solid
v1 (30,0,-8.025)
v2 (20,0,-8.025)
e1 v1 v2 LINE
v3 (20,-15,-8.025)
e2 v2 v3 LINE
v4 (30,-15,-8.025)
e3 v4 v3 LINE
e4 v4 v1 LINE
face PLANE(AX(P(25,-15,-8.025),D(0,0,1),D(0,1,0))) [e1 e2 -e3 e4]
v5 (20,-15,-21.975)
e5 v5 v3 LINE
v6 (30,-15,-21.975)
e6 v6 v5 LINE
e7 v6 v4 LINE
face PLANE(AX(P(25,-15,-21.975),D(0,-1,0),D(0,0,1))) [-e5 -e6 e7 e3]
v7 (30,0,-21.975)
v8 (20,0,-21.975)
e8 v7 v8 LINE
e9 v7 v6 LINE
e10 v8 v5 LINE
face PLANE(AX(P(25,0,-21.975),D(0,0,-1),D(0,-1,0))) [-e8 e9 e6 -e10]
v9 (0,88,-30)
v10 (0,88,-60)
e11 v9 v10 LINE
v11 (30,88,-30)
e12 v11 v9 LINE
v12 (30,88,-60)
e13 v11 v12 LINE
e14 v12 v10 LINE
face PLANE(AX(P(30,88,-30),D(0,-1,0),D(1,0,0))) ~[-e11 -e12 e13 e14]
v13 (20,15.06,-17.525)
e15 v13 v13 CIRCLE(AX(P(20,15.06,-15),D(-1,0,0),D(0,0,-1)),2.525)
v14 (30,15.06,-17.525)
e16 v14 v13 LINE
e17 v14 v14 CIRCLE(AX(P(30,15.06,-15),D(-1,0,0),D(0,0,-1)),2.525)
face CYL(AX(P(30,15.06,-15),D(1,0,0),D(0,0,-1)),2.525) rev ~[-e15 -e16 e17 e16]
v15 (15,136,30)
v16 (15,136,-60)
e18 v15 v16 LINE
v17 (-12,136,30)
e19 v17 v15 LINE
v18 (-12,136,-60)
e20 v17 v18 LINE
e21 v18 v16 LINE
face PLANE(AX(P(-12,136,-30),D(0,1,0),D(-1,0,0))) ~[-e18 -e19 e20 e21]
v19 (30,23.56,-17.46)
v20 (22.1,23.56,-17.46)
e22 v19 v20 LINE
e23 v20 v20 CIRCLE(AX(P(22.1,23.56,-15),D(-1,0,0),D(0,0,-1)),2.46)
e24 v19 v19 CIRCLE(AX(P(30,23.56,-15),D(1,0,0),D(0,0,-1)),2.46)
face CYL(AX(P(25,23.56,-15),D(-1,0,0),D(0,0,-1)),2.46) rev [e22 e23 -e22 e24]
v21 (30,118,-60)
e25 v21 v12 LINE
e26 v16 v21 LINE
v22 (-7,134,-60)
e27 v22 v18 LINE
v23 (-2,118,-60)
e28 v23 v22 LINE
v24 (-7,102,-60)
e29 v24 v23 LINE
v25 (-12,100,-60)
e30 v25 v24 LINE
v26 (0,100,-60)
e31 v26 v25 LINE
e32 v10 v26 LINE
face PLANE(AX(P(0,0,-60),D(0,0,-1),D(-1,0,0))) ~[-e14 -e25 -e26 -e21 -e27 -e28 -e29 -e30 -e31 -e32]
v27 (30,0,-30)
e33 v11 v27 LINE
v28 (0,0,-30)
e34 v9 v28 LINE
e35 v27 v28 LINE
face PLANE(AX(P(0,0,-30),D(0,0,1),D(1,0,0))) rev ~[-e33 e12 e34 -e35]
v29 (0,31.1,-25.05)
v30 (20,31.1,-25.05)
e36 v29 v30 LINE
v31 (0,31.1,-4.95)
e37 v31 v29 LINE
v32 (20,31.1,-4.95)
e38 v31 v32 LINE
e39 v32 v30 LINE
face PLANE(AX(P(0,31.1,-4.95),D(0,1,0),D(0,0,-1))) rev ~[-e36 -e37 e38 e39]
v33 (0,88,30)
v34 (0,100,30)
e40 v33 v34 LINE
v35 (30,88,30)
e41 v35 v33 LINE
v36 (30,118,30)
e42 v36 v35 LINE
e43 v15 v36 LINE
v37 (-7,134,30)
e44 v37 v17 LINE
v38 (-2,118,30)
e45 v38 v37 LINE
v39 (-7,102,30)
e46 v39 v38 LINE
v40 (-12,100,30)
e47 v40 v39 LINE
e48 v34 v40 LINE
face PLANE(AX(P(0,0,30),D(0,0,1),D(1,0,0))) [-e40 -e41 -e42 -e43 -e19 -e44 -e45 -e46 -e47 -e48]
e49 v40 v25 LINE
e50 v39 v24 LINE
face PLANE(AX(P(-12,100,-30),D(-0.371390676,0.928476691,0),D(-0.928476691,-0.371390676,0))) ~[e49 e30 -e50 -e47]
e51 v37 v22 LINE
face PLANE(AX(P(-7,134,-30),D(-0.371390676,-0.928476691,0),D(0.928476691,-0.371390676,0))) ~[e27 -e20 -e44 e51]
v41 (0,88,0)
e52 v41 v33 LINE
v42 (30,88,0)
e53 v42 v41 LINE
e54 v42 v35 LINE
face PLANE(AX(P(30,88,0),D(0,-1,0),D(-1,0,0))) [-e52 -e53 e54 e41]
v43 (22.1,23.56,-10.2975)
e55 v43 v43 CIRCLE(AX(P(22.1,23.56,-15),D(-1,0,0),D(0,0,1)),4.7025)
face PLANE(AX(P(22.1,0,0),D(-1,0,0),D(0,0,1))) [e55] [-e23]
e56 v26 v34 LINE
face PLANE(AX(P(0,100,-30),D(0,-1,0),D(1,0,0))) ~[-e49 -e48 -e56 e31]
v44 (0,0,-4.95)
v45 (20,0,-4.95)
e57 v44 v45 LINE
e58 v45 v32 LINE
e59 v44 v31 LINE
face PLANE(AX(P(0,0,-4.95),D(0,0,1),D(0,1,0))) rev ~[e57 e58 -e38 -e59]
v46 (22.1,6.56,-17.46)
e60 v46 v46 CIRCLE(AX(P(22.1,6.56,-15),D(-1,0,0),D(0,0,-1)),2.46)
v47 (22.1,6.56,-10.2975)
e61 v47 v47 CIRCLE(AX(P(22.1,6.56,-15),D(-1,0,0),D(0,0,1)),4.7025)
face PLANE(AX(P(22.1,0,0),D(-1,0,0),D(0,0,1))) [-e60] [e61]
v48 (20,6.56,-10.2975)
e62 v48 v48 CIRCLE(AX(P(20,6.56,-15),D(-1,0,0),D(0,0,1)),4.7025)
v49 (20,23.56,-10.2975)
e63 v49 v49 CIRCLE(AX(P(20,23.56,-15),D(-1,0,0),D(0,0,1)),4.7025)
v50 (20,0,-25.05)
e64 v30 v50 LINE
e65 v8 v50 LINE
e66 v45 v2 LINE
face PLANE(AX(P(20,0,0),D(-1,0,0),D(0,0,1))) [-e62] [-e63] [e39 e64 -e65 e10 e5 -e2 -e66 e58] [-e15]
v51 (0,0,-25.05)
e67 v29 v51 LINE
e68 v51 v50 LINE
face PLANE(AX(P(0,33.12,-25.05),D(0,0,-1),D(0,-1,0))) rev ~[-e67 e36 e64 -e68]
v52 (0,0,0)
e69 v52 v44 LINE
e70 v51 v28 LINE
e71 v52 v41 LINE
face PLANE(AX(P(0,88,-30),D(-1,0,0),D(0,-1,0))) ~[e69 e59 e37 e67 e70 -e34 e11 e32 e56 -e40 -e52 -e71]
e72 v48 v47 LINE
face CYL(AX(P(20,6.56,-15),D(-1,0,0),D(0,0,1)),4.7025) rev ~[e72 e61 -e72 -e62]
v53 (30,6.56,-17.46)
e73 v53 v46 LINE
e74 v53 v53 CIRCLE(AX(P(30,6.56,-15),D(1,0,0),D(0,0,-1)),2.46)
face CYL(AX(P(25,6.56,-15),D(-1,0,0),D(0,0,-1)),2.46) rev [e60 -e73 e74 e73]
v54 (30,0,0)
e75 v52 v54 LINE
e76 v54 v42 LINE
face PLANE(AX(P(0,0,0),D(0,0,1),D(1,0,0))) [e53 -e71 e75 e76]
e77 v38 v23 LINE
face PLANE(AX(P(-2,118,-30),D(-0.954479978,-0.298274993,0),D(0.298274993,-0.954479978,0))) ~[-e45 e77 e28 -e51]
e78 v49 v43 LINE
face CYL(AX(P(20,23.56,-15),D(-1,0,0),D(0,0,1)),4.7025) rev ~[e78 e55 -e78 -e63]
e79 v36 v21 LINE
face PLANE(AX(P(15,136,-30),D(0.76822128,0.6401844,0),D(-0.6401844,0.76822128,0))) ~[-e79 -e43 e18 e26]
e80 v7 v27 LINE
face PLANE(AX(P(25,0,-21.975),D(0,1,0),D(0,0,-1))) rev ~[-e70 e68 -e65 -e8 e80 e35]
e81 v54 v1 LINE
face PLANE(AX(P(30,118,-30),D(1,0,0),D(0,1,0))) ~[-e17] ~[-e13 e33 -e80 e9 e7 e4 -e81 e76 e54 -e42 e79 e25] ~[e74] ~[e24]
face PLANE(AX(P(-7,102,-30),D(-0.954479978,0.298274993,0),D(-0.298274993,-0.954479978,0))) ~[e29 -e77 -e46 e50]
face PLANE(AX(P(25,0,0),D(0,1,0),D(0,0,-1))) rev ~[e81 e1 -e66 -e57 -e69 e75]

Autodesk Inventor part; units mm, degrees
ref_plane "YZ Plane" through (0, 0, 0) normal (1, 0, 0) x (0, 1, 0)
ref_plane "XZ Plane" through (0, 0, 0) normal (0, 1, 0) x (-1, 0, 0)
sketch "Sketch1" plane through (0, 0, 0) normal (0, 0, 1) x (1, 0, 0)
  line L0 (0, 0) -> (25, 0)
  line L1 (25, 0) -> (25, 40)
  line L2 (25, 40) -> (0, 40)
  line L3 (0, 40) -> (0, 0)
  dimension "d1" = 25
  dimension "d2" = 40
  dimension "d3" = 25
extrude "Extrusion1" add sketch "Sketch1" against normal blind 30
sketch "Sketch2" plane through (25, 0, 0) normal (1, 0, 0) x (0, 0, -1)
  line L0 (0, 0) -> (30, 0) projected
  circle A0 centre (15, 6.56) radius 2.46
extrude "Extrusion2" cut sketch "Sketch2" against normal blind 30
sketch "Sketch3" plane through (0, 0, 0) normal (-1, 0, 0) x (0, 0, 1)
  line L0 (0, 0) -> (-30, 0) projected
  line L1 (-25.05, 0) -> (-4.95, 0)
  line L2 (-4.95, 0) -> (-4.95, 33.12)
  line L3 (-4.95, 33.12) -> (-25.05, 33.12)
  line L4 (-25.05, 33.12) -> (-25.05, 0)
  dimension "d11" = 20.1
extrude "Extrusion3" cut sketch "Sketch3" against normal blind 20
sketch "Sketch4" plane through (0, 0, 0) normal (0, -1, 0) x (1, 0, 0)
  line L0 (20, -4.95) -> (20, -25.05) projected
  line L1 (20, -15) -> (25, -15)
  line L2 (25, 0) -> (25, -30) projected
  line L3 (20, -8.025) -> (25, -8.025)
  line L4 (25, -8.025) -> (25, -21.975)
  line L5 (25, -21.975) -> (20, -21.975)
  line L6 (20, -21.975) -> (20, -8.025)
  line L7 (20, -8.025) -> (25, -21.975) construction
  line L8 (25, -8.025) -> (20, -21.975) construction
  line L9 (25, -12.54) -> (25, -17.46) projected
  point P0 (0, 0)
  point P1 (22.5, -15)
  dimension "d14" = 13.95
extrude "Extrusion4" add sketch "Sketch4" along normal blind 15
sketch "Sketch5" plane through (20, 0, 0) normal (-1, 0, 0) x (0, 0, 1)
  circle A0 centre (-15, 6.56) radius 2.46 projected
  circle A1 centre (-15, 6.56) radius 4.7025
  circle A2 centre (-15, 6.56) radius 2.46 projected
  circle A3 centre (-15, 6.56) radius 2.46
  point P0 (0, 0)
  dimension "d17" = 9.405
extrude "Extrusion5" cut sketch "Sketch5" against normal blind 2.1
sketch "Sketch6" plane through (25, 0, 0) normal (1, 0, 0) x (0, 0, -1)
  circle A0 centre (15, 6.56) radius 4.7025 projected
  line L0 (15, 6.56) -> (15, 23.56)
  circle A1 centre (15, 23.56) radius 2.46
  point P0 (0, 0)
  dimension "d20" = 17
  dimension "d21" = 4.92
extrude "Extrusion6" cut sketch "Sketch6" against normal blind 10 contours A1
sketch "Sketch7" plane through (20, 0, 0) normal (-1, 0, 0) x (0, 0, 1)
  circle A0 centre (-15, 23.56) radius 2.46 projected
  circle A1 centre (-15, 23.56) radius 4.7025
  point P0 (0, 0)
  dimension "d24" = 9.405
extrude "Extrusion7" cut sketch "Sketch7" against normal blind 2.1
sketch "Sketch9" plane through (25, 0, 0) normal (1, 0, 0) x (0, 0, -1)
  circle A0 centre (15, 6.56) radius 2.46 projected
  circle A1 centre (15, 6.56) radius 2.46
  circle A2 centre (15, 23.56) radius 2.46 projected
  circle A3 centre (15, 23.56) radius 2.46
  line L0 (30, 40) -> (30, 0) projected
  line L1 (30, 0) -> (30, 40)
  line L2 (30, 40) -> (0, 40)
  line L3 (0, 40) -> (0, 0)
  line L4 (0, 0) -> (8.025, 0) projected
  line L5 (21.975, 0) -> (21.975, -15)
  line L6 (21.975, -15) -> (8.025, -15)
  line L7 (8.025, -15) -> (8.025, 0)
  line L8 (0, 0) -> (8.025, 0)
  line L9 (21.975, 0) -> (30, 0)
extrude "Extrusion8" add sketch "Sketch9" along normal blind 5
sketch "Sketch10" plane through (0, 40, 0) normal (0, 1, 0) x (1, 0, 0)
  line L0 (0, 30) -> (30, 30) projected
  line L1 (30, 0) -> (0, 0) projected
  line L2 (0, 30) -> (30, 30)
  line L3 (30, 30) -> (30, 0)
  line L4 (30, 0) -> (0, 0)
  line L5 (0, 0) -> (0, 30)
extrude "Extrusion9" add sketch "Sketch10" along normal blind 30
sketch "Sketch12" plane through (30, 0, 0) normal (1, 0, 0) x (0, 0, -1)
  circle A0 centre (15, 6.56) radius 2.46 projected
  line L0 (15, 6.56) -> (15, 15.06)
  circle A1 centre (15, 15.06) radius 2.525
  point P0 (0, 0)
  dimension "d31" = 8.5
  dimension "d33" = 5.05
extrude "Extrusion10" cut sketch "Sketch12" against normal blind 30 contours A1
sketch "Sketch14" plane through (0, 0, 0) normal (0, 0, 1) x (1, 0, 0)
  line L0 (30, 70) -> (0, 70) projected
  line L1 (0, 70) -> (0, 85)
  line L2 (30, 0) -> (30, 70) projected
  line L3 (30, 118) -> (30, 70)
  line L4 (30, 105) -> (30, 100)
  line L5 (-7, 134) -> (-12, 136)
  line L6 (-7, 102) -> (-12, 100)
  line L7 (-7, 102) -> (-2, 118)
  line L8 (-2, 118) -> (-7, 134)
  line L9 (15, 136) -> (30, 118)
  line L10 (-12, 136) -> (15, 136)
  line L11 (0, 85) -> (0, 100)
  line L12 (0, 100) -> (-12, 100)
  point P0 (0, 0)
  dimension "d82" = 12
extrude "Extrusion12" add sketch "Sketch14" against normal blind 30
sketch "Sketch15" plane through (0, 0, -25.05) normal (-1, 0, 0) x (0, 0, 1)
  line L0 (0, 33.12) -> (20.1, 33.12) projected
  line L1 (20.1, 33.12) -> (20.1, 0) projected
  line L2 (0, 33.12) -> (20.1, 33.12)
  line L3 (20.1, 33.12) -> (20.1, 31.1)
  line L4 (20.1, 31.1) -> (0, 31.1)
  line L5 (0, 31.1) -> (0, 33.12)
  point P0 (25.05, 0)
  dimension "d57" = 2.02
extrude "Extrusion13" add sketch "Sketch15" against normal blind 20
sketch "Sketch23" plane through (0, 0, 0) normal (0, 0, 1) x (1, 0, 0)
  line L0 (0, 100) -> (-12, 100) projected
  line L1 (0, 100) -> (-12, 100)
  line L2 (-12, 100) -> (-7, 102) projected
  line L3 (-12, 100) -> (-7, 102)
  line L4 (-7, 102) -> (-2, 118) projected
  line L5 (-7, 102) -> (-2, 118)
  line L6 (-2, 118) -> (-7, 134) projected
  line L7 (-2, 118) -> (-7, 134)
  line L8 (-12, 136) -> (15, 136) projected
  line L9 (-7, 134) -> (-12, 136)
  line L10 (-12, 136) -> (15, 136)
  line L11 (15, 136) -> (30, 118) projected
  line L12 (15, 136) -> (30, 118)
  line L13 (30, 118) -> (30, 88)
  line L14 (30, 0) -> (30, 118) projected
  line L15 (30, 88) -> (0, 88)
  line L16 (0, 88) -> (0, 100)
  point P0 (0, 0)
  dimension "d83" = 30
  dimension "d84" = 30
extrude "Extrusion14" add sketch "Sketch23" along normal blind 30
ref_plane "Work Plane1" through (0, 0, -15) normal (0, 0, 1) x (1, 0, 0)
mirror "Mirror1" about plane through (0, 0, -15) normal (0, 0, 1) of "Extrusion14"
properties part number "rec_b_32mm_x_90mm"
